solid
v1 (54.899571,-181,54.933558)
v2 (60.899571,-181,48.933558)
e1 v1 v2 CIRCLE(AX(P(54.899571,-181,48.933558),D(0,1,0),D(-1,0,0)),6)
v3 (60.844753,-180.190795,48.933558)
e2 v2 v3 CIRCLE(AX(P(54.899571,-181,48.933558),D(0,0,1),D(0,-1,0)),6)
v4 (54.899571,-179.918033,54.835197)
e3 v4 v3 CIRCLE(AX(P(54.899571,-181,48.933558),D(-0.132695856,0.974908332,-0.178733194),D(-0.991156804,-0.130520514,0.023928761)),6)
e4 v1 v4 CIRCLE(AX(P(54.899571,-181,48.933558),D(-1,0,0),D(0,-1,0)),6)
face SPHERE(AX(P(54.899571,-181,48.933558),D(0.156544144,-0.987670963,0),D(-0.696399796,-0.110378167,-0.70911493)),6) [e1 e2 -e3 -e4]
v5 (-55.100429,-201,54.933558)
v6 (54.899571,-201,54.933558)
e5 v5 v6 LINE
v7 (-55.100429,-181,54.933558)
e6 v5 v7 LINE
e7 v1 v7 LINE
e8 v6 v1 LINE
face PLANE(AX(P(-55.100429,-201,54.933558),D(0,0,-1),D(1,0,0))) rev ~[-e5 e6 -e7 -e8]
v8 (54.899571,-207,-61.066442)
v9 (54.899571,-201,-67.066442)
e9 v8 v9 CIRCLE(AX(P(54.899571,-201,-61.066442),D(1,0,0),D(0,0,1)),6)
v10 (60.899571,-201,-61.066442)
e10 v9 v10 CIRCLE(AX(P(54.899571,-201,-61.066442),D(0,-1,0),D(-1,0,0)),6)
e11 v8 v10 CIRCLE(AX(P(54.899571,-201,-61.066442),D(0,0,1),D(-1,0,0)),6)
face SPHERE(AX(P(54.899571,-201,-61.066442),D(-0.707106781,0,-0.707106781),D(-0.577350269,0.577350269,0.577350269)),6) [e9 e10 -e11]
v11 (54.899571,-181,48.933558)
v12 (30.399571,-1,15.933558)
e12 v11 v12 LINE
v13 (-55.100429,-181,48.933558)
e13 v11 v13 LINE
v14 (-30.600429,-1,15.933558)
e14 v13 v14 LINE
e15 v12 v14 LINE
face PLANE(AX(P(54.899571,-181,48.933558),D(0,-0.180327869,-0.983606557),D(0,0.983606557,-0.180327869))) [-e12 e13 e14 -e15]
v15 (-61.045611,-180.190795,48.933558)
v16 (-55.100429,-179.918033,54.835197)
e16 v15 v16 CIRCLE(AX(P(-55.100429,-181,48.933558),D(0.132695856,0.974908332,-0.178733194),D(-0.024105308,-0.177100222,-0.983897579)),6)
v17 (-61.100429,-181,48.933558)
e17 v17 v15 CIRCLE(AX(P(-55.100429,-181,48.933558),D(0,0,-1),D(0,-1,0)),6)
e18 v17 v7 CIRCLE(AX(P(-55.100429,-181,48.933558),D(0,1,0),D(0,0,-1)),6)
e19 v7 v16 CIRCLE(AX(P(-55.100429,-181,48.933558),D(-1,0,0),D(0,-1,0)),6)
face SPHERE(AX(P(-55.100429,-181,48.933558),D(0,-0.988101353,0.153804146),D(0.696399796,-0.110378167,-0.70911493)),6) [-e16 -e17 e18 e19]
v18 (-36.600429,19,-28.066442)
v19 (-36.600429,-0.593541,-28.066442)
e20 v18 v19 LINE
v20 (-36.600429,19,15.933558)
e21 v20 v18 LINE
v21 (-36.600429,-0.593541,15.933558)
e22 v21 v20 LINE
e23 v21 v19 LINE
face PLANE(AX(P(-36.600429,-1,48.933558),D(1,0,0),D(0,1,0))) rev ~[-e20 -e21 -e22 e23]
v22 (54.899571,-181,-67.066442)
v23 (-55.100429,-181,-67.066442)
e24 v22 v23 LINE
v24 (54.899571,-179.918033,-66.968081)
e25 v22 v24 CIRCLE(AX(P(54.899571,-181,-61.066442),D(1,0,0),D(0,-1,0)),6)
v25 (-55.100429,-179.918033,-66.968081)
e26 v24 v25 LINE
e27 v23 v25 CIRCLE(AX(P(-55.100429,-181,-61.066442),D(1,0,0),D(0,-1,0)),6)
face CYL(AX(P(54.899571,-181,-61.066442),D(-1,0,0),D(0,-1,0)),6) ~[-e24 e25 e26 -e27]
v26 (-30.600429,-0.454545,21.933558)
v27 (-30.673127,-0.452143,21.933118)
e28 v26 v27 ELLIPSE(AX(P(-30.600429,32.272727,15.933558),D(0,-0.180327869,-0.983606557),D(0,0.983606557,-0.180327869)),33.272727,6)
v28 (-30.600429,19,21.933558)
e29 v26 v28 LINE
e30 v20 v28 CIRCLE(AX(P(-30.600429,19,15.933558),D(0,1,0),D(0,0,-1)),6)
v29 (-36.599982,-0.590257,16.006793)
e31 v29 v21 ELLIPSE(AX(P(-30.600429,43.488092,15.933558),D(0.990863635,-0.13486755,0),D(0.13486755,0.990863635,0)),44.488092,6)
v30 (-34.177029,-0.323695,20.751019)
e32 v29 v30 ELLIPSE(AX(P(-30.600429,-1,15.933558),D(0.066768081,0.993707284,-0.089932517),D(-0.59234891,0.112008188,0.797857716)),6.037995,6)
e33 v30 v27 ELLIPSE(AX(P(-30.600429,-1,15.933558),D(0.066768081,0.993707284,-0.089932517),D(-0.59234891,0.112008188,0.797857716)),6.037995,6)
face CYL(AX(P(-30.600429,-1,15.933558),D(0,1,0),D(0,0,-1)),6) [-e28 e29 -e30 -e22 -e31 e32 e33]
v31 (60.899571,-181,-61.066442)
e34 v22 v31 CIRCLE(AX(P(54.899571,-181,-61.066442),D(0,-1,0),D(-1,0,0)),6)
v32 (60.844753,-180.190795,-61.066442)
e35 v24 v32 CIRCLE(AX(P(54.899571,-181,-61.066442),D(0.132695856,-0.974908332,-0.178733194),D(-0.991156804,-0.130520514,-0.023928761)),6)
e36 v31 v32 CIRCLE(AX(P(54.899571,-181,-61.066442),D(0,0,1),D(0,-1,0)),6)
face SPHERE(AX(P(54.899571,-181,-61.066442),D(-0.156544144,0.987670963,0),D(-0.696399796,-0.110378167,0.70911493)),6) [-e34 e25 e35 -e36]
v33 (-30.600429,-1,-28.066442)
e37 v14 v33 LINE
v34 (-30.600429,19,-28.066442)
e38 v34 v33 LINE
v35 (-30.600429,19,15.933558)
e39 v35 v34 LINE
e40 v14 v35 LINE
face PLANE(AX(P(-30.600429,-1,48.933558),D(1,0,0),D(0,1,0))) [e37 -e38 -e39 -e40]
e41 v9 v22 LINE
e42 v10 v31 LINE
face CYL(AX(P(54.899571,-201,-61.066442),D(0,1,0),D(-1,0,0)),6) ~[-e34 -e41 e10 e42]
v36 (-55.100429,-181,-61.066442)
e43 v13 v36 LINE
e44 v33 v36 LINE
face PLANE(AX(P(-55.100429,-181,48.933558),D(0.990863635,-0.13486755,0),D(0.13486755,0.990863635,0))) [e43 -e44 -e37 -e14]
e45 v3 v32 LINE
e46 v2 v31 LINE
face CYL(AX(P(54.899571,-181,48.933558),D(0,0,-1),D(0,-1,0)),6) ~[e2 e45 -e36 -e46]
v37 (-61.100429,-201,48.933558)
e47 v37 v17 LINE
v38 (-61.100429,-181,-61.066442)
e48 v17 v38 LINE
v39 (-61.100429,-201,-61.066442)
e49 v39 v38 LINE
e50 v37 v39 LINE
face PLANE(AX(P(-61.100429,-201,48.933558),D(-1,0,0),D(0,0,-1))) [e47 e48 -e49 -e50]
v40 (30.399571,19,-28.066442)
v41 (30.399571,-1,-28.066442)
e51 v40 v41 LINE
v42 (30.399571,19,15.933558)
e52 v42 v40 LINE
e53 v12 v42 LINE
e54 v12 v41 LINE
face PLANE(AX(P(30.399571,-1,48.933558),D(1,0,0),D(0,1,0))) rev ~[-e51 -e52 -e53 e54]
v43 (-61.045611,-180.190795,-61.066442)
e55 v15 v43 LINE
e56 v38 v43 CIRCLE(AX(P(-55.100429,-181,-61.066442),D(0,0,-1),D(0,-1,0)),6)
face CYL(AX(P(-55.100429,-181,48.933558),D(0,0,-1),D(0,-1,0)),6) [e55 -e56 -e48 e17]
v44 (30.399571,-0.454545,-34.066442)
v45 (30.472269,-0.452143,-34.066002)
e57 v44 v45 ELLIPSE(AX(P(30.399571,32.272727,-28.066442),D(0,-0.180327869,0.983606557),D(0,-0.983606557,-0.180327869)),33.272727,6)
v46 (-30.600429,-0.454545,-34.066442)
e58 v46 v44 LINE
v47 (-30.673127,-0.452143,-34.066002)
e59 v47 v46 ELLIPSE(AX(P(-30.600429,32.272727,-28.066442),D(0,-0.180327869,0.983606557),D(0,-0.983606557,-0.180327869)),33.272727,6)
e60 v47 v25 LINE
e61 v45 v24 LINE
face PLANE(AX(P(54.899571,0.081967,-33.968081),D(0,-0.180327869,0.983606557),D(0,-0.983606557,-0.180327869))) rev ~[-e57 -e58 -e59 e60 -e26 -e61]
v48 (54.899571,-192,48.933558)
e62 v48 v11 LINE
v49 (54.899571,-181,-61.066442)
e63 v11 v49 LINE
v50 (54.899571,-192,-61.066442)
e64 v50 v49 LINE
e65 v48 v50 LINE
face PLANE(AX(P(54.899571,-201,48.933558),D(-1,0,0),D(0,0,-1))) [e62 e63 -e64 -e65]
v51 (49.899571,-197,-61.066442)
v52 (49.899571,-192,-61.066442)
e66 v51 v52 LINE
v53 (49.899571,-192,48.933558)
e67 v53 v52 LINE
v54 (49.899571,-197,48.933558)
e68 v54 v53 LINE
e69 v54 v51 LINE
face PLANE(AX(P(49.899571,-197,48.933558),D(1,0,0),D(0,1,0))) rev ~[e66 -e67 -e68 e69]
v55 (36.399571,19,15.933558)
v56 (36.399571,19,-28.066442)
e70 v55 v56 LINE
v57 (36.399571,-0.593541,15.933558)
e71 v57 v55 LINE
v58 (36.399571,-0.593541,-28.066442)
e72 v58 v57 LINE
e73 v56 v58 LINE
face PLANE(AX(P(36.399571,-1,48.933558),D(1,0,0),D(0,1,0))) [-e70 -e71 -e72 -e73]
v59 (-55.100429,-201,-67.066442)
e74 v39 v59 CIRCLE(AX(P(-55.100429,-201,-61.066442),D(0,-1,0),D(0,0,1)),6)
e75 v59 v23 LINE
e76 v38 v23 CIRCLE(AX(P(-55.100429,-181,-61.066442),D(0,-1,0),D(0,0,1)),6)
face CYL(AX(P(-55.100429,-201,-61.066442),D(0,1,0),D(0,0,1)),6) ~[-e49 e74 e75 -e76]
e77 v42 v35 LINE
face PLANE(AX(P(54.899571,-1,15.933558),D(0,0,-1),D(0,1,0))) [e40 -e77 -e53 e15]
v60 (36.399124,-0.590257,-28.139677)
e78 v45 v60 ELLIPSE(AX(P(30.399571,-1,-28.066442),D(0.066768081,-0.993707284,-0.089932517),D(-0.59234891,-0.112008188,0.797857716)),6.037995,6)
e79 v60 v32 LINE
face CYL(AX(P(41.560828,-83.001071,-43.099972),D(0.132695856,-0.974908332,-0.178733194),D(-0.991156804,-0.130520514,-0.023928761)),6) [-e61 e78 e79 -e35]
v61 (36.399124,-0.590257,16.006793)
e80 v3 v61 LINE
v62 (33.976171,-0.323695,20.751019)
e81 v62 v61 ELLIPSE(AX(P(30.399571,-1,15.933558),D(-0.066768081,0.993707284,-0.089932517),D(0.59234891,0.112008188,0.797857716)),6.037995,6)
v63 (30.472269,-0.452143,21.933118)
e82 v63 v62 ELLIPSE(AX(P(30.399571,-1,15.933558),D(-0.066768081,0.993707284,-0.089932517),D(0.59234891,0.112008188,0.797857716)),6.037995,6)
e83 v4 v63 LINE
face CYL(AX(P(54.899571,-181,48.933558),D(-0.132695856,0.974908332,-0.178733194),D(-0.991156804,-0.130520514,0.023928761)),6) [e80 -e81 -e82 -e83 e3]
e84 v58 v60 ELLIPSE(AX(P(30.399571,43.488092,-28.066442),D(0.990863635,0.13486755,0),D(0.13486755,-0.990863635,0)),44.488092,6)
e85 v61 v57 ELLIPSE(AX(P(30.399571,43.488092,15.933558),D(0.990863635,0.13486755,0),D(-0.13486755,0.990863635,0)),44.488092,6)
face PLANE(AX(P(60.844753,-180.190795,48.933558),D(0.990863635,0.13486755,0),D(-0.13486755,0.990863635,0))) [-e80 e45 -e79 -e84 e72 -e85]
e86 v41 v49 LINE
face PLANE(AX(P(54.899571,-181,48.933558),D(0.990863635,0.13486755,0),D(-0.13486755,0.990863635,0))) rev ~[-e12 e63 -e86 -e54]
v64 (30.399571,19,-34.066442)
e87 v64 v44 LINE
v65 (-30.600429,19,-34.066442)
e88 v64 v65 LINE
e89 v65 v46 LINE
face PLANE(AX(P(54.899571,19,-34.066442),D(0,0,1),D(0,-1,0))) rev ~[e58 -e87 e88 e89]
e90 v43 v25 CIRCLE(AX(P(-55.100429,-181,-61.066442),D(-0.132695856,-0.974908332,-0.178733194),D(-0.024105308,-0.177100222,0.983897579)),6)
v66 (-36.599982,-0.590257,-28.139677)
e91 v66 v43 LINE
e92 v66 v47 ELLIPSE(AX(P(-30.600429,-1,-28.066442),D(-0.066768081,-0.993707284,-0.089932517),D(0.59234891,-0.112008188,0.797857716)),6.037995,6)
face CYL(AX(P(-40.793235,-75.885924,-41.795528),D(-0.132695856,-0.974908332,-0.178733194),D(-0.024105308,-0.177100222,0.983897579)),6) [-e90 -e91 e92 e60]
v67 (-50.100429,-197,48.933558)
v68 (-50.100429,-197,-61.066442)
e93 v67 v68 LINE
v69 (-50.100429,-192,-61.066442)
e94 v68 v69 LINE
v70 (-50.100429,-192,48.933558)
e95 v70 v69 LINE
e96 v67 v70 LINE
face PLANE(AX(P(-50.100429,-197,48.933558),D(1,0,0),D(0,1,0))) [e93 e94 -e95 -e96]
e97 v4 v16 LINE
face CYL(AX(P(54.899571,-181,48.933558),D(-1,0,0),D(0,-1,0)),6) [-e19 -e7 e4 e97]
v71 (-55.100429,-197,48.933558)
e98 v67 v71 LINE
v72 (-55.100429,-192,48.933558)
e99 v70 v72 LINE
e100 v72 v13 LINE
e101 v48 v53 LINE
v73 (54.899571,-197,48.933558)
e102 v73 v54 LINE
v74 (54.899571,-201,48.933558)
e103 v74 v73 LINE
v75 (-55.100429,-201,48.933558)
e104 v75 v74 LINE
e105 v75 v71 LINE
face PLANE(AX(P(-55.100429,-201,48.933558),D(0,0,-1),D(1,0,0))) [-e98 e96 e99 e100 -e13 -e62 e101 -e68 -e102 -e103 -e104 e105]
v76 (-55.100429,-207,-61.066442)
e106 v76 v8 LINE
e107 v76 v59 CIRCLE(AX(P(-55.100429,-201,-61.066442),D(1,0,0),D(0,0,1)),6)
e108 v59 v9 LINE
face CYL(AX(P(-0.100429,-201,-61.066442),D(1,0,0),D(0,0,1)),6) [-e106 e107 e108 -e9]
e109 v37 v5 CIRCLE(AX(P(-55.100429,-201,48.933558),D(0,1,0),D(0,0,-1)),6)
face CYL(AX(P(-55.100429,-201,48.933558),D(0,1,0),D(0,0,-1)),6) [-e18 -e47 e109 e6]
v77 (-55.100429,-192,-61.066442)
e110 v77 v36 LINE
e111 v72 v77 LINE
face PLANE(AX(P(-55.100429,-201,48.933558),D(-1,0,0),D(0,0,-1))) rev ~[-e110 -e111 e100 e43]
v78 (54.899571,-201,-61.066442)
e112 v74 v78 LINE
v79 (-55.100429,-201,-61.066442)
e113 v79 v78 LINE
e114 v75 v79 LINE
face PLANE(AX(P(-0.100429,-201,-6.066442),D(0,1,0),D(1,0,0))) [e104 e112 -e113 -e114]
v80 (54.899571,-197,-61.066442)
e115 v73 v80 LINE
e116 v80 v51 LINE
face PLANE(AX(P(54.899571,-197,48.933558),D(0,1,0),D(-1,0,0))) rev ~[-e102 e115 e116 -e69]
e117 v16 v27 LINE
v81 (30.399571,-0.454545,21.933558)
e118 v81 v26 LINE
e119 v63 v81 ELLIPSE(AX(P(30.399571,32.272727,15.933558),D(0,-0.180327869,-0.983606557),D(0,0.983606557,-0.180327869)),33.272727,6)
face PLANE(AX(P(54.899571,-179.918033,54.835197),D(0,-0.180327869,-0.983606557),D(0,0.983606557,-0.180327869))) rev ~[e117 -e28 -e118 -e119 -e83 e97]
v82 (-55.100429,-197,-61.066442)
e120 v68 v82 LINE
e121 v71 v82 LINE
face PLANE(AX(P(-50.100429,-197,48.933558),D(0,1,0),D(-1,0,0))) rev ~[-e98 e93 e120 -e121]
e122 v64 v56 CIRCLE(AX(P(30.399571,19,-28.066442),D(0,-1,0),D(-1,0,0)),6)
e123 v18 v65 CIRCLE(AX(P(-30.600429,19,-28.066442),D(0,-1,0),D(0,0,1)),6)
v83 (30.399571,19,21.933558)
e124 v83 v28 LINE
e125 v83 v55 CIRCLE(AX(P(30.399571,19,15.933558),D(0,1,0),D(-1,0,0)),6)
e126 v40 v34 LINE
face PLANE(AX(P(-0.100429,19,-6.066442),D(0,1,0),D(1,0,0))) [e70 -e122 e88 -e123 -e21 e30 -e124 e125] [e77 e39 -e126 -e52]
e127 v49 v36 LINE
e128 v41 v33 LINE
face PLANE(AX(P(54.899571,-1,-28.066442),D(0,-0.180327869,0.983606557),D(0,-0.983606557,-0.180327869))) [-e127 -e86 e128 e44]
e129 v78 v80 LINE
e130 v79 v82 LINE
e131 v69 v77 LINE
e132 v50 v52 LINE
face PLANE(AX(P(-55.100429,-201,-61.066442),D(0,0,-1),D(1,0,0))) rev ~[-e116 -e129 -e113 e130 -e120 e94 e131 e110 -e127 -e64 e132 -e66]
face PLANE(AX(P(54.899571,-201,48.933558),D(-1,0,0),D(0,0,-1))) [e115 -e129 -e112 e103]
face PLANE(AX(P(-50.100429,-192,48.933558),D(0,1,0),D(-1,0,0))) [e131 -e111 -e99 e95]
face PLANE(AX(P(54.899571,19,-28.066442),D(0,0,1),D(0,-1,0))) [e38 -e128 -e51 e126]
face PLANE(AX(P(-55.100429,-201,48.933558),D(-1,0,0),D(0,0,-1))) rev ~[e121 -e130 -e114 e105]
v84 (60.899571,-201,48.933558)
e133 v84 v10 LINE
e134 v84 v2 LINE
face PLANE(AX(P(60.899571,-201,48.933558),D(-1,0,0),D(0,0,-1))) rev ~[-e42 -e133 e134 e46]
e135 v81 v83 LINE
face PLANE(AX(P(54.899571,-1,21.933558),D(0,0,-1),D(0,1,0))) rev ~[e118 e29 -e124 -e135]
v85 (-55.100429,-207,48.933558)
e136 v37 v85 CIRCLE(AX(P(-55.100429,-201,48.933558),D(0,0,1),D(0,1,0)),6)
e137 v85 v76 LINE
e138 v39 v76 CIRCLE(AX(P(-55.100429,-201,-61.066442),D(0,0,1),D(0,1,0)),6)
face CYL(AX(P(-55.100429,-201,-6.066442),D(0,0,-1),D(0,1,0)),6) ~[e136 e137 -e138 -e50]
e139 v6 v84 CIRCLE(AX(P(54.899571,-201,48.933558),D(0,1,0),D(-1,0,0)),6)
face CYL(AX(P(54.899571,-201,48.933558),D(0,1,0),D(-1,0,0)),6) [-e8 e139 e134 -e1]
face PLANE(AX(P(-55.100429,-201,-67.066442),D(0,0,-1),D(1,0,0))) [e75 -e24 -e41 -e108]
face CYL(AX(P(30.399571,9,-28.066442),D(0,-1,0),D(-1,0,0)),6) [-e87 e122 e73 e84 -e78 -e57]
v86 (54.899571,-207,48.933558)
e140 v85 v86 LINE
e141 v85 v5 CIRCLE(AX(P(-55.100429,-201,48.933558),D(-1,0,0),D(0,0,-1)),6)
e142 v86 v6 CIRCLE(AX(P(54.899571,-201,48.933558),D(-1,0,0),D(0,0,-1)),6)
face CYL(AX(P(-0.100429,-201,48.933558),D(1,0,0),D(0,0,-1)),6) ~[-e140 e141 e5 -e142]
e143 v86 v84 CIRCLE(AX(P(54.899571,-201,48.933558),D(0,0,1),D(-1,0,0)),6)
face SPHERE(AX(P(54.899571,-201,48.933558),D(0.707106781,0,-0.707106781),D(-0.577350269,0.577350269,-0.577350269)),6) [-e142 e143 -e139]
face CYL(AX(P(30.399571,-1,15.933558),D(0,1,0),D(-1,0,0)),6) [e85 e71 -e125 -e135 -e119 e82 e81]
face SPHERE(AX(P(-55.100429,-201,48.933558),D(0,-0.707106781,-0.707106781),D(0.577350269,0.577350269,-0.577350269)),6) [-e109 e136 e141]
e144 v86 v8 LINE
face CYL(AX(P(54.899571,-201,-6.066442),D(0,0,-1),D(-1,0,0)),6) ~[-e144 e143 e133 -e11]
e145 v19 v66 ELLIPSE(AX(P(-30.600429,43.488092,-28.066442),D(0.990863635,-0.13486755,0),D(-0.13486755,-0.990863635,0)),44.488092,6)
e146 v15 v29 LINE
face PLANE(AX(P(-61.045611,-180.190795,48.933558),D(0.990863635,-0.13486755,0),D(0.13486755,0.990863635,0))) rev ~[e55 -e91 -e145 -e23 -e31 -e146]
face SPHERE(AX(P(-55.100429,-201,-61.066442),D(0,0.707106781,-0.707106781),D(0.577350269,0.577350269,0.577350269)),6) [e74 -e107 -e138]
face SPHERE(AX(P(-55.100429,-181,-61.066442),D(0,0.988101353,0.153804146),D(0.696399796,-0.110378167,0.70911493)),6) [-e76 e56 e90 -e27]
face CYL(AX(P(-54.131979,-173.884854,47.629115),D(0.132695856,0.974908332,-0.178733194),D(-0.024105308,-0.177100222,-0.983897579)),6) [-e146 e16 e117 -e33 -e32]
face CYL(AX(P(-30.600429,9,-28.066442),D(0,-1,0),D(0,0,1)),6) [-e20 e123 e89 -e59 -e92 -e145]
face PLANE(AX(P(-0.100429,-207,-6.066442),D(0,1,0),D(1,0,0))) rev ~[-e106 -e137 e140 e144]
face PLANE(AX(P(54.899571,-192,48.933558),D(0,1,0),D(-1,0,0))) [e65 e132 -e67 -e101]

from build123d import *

# Parameters (mm, degrees)
SKETCH080_W             = 110
SKETCH080_H             = 110
PAD051_DEPTH            = 220
POCKET036_DEPTH         = 158
POCKET037_DEPTH         = 158
THICKNESS002_T          = 6
SKETCH079_W             = 5
SKETCH079_H             = 5
PAD052_DEPTH            = 110
BODY012_PLACEMENT_ANGLE = 90


with BuildPart() as part:
    # Sketch080 → Pad051 (new body)
    with BuildSketch(Plane.XY):
        Rectangle(SKETCH080_W, SKETCH080_H)
    extrude(amount=PAD051_DEPTH)

    # Sketch081 (on Face3 of Pad051) → Pocket036 (cut)
    with BuildSketch(Plane.XZ.offset(55)):
        Polygon((-55, 20), (-30.5, 200), (-30.5, 220), (-55, 220), align=None)
        Polygon((30.5, 220), (55, 220), (55, 20), (30.5, 200), align=None)
    extrude(amount=-POCKET036_DEPTH, mode=Mode.SUBTRACT)

    # Sketch082 (on DatumPlane) → Pocket037 (cut)
    with BuildSketch(Plane.YZ.offset(55)):
        Polygon((-55, 20), (-22, 200), (-22, 220), (-55, 220), align=None)
        Polygon((22, 220), (22, 200), (55, 20), (55, 220), align=None)
    extrude(amount=-POCKET037_DEPTH, mode=Mode.SUBTRACT)

    # Thickness002
    thickness002_openings = [part.faces().sort_by_distance(p)[0] for p in [
        (0, 0, 220),
    ]]
    offset(amount=THICKNESS002_T, openings=thickness002_openings)

    # Sketch079 → Pad052 (join)
    with BuildSketch(Plane(origin=(0, -55, 0), x_dir=(-1, 0, 0), z_dir=(0, 1, 0))):
        with Locations((-52.5, 6.5)):
            Rectangle(SKETCH079_W, SKETCH079_H)
        with Locations((52.5, 6.5)):
            Rectangle(SKETCH079_W, SKETCH079_H)
    extrude(amount=PAD052_DEPTH)


with BuildPart() as part_1:
    # Body012 placement: moved
    add(part.part.moved(Location((-0.100429, -201, -6.066442))).rotate(Axis((-0.100429, -201, -6.066442), (-1, 0, 0)), BODY012_PLACEMENT_ANGLE))


solid = part_1.part
